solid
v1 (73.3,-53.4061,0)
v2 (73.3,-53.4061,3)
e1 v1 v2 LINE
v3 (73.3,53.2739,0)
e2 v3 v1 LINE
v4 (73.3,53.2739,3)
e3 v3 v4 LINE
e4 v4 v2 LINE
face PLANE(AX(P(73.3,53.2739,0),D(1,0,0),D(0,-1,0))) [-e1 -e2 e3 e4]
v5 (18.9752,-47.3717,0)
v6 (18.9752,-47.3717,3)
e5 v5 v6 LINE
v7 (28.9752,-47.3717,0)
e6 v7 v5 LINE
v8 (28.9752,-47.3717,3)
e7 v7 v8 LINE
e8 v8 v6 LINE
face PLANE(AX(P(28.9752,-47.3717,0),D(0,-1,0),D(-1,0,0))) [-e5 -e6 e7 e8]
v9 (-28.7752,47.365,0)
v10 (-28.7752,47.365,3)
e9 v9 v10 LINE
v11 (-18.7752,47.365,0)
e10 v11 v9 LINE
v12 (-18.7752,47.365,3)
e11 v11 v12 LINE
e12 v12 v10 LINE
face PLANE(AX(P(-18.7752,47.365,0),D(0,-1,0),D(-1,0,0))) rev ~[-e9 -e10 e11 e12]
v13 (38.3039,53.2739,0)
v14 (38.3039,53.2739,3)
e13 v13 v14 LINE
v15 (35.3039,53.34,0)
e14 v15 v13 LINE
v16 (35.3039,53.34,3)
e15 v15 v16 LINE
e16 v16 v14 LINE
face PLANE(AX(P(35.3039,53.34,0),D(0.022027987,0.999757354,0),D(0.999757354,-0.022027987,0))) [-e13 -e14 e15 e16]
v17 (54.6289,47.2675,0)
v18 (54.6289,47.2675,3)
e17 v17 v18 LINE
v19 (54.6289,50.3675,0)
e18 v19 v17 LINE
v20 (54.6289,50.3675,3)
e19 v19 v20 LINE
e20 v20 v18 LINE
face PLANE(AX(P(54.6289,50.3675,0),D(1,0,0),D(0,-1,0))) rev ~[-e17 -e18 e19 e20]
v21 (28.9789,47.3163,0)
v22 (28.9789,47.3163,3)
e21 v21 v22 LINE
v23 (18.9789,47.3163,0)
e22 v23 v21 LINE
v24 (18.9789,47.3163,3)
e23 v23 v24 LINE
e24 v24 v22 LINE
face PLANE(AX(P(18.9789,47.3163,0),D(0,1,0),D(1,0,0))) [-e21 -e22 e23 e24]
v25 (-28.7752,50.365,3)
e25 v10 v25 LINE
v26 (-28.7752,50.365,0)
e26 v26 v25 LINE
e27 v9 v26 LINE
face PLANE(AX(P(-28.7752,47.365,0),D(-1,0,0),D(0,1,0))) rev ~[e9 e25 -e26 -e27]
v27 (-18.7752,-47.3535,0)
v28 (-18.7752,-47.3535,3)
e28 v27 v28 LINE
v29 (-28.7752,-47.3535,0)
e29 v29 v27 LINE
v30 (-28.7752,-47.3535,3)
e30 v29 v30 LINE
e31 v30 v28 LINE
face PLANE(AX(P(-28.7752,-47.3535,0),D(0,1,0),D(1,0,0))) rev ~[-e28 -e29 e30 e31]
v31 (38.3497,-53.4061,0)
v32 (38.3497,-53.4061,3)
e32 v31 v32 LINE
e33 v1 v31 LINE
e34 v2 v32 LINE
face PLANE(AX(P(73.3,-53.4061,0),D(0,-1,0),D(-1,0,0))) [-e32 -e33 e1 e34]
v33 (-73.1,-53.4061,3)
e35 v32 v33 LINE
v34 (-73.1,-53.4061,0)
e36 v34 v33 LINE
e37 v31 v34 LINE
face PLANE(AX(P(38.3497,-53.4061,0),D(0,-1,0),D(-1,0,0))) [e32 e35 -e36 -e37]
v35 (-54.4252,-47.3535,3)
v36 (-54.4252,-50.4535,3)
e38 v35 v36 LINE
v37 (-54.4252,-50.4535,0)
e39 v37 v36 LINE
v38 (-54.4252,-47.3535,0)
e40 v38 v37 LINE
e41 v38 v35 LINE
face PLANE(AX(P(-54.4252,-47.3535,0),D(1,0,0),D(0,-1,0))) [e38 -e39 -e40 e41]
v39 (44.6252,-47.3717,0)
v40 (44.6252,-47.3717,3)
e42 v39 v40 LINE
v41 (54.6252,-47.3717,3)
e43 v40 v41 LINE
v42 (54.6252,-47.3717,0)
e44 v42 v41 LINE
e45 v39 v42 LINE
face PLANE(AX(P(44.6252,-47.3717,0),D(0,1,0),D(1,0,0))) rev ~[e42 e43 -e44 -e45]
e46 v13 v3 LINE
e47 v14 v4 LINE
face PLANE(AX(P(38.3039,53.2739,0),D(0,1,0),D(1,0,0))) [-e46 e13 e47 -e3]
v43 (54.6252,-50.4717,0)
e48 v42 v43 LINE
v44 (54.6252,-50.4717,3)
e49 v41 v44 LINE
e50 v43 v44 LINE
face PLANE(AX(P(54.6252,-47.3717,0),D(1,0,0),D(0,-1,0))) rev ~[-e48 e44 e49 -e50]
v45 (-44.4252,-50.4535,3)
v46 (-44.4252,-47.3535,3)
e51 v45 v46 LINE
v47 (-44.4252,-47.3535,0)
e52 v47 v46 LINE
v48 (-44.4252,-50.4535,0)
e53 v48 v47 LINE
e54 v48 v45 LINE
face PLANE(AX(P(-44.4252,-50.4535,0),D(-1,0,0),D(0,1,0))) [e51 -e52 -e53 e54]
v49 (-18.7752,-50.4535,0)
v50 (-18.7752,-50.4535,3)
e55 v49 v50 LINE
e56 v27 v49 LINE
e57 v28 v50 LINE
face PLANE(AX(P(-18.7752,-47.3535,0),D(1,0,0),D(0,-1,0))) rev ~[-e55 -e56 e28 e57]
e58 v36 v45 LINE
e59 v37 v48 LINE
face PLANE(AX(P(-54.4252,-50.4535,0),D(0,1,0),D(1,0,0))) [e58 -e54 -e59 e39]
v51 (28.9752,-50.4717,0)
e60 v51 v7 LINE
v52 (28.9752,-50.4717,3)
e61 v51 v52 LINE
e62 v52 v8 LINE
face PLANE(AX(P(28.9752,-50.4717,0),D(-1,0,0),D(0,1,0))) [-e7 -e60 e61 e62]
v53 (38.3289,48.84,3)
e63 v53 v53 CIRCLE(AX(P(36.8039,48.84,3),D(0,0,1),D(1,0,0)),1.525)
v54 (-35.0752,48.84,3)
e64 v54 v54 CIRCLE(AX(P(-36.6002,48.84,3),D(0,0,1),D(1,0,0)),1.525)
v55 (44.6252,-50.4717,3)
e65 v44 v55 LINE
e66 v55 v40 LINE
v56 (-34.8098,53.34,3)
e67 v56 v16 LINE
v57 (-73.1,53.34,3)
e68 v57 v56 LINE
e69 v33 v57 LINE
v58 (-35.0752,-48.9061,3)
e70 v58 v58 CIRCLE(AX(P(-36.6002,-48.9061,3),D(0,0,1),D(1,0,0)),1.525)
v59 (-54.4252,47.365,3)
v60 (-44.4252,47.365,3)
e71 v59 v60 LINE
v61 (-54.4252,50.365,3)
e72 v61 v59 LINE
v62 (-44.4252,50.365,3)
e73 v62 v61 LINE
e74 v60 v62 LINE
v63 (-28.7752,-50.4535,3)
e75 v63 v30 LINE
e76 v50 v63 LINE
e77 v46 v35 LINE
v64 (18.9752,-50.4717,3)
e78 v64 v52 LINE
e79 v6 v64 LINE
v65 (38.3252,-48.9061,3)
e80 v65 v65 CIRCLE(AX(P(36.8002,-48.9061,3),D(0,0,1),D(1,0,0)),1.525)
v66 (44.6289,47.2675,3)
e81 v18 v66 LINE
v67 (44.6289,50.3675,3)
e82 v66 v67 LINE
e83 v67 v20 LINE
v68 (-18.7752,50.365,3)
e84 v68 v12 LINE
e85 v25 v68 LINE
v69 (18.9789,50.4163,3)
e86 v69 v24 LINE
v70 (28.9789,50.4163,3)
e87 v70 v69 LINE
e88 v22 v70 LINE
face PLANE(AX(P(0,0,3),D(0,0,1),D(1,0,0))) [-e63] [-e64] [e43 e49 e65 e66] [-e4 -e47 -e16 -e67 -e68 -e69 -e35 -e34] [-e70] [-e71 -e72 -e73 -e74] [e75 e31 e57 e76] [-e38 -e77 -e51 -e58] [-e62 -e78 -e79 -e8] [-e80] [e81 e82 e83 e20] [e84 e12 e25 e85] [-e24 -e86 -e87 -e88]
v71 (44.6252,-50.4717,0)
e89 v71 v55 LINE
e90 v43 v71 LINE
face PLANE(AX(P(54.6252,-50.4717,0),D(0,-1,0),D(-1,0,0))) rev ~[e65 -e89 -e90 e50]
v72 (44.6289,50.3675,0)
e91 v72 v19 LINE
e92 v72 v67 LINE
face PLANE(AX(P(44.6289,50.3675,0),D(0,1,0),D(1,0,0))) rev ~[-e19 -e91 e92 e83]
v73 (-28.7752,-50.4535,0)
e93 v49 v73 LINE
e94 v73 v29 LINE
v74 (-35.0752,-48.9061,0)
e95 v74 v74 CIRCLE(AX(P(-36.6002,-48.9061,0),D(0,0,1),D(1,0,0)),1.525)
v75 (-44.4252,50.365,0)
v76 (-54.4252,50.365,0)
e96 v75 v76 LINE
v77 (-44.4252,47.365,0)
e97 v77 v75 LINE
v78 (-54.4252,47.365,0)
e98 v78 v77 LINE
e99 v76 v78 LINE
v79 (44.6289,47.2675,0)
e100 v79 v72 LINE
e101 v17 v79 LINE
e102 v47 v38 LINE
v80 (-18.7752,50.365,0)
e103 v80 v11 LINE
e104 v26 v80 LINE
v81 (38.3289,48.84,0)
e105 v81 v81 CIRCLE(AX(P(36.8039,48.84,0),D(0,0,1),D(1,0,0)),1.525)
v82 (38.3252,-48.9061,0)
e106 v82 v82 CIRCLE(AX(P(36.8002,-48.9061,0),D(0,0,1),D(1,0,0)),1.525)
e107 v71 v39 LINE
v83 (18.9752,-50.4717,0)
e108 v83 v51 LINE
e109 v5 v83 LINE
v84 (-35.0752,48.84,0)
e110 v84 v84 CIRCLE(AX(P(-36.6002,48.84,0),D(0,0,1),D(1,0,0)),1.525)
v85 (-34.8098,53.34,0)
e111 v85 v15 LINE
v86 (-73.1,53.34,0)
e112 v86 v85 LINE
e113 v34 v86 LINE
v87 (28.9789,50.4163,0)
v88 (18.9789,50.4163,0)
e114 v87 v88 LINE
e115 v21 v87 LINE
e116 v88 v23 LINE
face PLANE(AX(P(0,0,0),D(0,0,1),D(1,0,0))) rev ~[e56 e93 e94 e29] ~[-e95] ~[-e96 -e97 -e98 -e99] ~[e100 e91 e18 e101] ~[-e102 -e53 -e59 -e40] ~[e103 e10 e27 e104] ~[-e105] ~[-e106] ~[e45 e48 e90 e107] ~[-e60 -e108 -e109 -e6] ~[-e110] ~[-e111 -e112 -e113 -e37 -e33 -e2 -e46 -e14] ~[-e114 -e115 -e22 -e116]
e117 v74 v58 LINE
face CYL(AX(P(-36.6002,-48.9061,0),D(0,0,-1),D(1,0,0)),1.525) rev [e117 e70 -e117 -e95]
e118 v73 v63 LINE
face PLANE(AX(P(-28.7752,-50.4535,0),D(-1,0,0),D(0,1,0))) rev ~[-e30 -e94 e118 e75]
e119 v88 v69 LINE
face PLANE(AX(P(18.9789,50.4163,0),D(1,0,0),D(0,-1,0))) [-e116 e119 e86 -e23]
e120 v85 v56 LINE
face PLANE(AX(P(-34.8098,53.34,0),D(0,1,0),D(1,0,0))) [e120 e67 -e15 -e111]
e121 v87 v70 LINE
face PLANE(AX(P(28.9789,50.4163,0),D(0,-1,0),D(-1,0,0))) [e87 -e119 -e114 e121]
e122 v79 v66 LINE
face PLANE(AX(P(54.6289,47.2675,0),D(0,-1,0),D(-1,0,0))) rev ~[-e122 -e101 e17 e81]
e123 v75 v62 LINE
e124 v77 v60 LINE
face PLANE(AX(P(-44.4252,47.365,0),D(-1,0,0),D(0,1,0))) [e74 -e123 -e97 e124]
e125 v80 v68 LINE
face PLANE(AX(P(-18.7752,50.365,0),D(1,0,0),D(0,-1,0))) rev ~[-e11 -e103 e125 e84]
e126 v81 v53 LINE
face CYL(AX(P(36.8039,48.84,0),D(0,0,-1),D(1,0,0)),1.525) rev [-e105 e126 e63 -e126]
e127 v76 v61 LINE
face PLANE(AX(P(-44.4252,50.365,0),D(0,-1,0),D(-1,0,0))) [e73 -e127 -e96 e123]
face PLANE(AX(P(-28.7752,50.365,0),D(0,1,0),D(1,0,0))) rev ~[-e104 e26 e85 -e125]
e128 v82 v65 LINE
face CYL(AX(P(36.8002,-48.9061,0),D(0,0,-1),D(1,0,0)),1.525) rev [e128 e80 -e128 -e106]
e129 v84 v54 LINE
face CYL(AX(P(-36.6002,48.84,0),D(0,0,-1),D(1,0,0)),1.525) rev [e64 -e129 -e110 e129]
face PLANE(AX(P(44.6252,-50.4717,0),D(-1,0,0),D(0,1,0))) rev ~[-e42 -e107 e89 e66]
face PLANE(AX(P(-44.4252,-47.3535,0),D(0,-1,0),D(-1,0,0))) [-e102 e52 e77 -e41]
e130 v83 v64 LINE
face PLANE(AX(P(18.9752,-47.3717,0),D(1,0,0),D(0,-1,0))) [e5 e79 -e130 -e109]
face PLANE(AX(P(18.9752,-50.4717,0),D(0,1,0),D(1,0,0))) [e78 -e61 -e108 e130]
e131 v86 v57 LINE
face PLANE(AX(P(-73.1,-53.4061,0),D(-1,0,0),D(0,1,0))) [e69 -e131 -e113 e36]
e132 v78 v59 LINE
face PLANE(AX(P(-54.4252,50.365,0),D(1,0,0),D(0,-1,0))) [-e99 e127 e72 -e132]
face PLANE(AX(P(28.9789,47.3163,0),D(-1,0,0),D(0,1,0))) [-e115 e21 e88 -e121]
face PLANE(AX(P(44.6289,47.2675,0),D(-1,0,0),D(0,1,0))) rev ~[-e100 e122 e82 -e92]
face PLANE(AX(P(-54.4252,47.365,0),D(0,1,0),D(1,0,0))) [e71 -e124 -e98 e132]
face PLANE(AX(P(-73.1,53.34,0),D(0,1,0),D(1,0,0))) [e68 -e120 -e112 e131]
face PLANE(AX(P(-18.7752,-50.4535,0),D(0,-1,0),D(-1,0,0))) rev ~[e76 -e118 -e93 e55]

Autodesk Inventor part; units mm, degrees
ref_plane "YZ Plane" through (0, 0, 0) normal (1, 0, 0) x (0, 1, 0)
ref_plane "XZ Plane" through (0, 0, 0) normal (0, 1, 0) x (-1, 0, 0)
ref_plane "XY Plane" through (0, 0, 0) normal (0, 0, 1) x (1, 0, 0)
sketch "Sketch1" plane through (0, 0, 0) normal (0, 0, 1) x (1, 0, 0)
  line L0 (73.3, 53.2739) -> (73.3, -53.4061)
  line L1 (-73.1, -53.4061) -> (-73.1, 53.34)
  line L2 (-73.1, 53.34) -> (-34.8098, 53.34)
  line L3 (36.8493, 53.2398) -> (36.8645, 53.2398)
  line L4 (-34.8098, 53.34) -> (35.3039, 53.34)
  line L5 (38.3039, 53.2739) -> (73.3, 53.2739)
  line L6 (73.3, -53.4061) -> (38.3497, -53.4061)
  circle A0 centre (-36.6002, 48.84) radius 1.525
  line L7 (35.3039, 53.34) -> (38.3039, 53.2739)
  circle A1 centre (36.8039, 48.84) radius 1.525
  line L8 (38.3497, -53.4061) -> (-73.1, -53.4061)
  circle A2 centre (-36.6002, -48.9061) radius 1.525
  circle A3 centre (36.8002, -48.9061) radius 1.525
  line L9 (-44.4252, 50.365) -> (-54.4252, 50.365)
  line L10 (-54.4252, 50.365) -> (-54.4252, 47.365)
  line L11 (-54.4252, 47.365) -> (-44.4252, 47.365)
  line L12 (-44.4252, 47.365) -> (-44.4252, 50.365)
  line L13 (-28.7752, 50.365) -> (-18.7752, 50.365)
  line L14 (-18.7752, 50.365) -> (-18.7752, 47.365)
  line L15 (-18.7752, 47.365) -> (-28.7752, 47.365)
  line L16 (-28.7752, 47.365) -> (-28.7752, 50.365)
  line L17 (28.9789, 50.4163) -> (18.9789, 50.4163)
  line L18 (18.9789, 50.4163) -> (18.9789, 47.3163)
  line L19 (18.9789, 47.3163) -> (28.9789, 47.3163)
  line L20 (28.9789, 47.3163) -> (28.9789, 50.4163)
  line L21 (44.6289, 50.3675) -> (54.6289, 50.3675)
  line L22 (54.6289, 50.3675) -> (54.6289, 47.2675)
  line L23 (54.6289, 47.2675) -> (44.6289, 47.2675)
  line L24 (44.6289, 47.2675) -> (44.6289, 50.3675)
  line L25 (44.6252, -47.3717) -> (54.6252, -47.3717)
  line L26 (54.6252, -47.3717) -> (54.6252, -50.4717)
  line L27 (54.6252, -50.4717) -> (44.6252, -50.4717)
  line L28 (44.6252, -50.4717) -> (44.6252, -47.3717)
  line L29 (28.9752, -47.3717) -> (18.9752, -47.3717)
  line L30 (18.9752, -47.3717) -> (18.9752, -50.4717)
  line L31 (18.9752, -50.4717) -> (28.9752, -50.4717)
  line L32 (28.9752, -50.4717) -> (28.9752, -47.3717)
  line L33 (-28.7752, -47.3535) -> (-18.7752, -47.3535)
  line L34 (-18.7752, -47.3535) -> (-18.7752, -50.4535)
  line L35 (-18.7752, -50.4535) -> (-28.7752, -50.4535)
  line L36 (-28.7752, -50.4535) -> (-28.7752, -47.3535)
  line L37 (-44.4252, -47.3535) -> (-54.4252, -47.3535)
  line L38 (-54.4252, -47.3535) -> (-54.4252, -50.4535)
  line L39 (-54.4252, -50.4535) -> (-44.4252, -50.4535)
  line L40 (-44.4252, -50.4535) -> (-44.4252, -47.3535)
  point P0 (0, 0)
  dimension "d0" = 146.4
  dimension "d1" = 106.68
  dimension "d43" = 3.05
  dimension "d44" = 4.5
  dimension "d45" = 36.4998
  dimension "d47" = 3.05
  dimension "d48" = 36.4961
  dimension "d50" = 3.05
  dimension "d52" = 36.4998
  dimension "d53" = 3.05
  dimension "d54" = 36.4998
  dimension "d58" = 10
  dimension "d59" = 3
  dimension "d60" = 6.3
  dimension "d61" = 10
  dimension "d62" = 3
  dimension "d63" = 6.3
  dimension "d64" = 10
  dimension "d65" = 3.1
  dimension "d66" = 6.3
  dimension "d67" = 10
  dimension "d68" = 3.1
  dimension "d70" = 10
  dimension "d71" = 3.1
  dimension "d73" = 10
  dimension "d74" = 3.1
  dimension "d75" = 6.3
  dimension "d76" = 10
  dimension "d77" = 3.1
  dimension "d79" = 10
  dimension "d80" = 3.1
  dimension "d84" = 6.3
  dimension "d85" = 6.3
  dimension "d86" = 6.3
  dimension "d87" = 6.3
extrude "Extrusion3" add sketch "Sketch1" along normal blind 3
properties part number "Box Top"
